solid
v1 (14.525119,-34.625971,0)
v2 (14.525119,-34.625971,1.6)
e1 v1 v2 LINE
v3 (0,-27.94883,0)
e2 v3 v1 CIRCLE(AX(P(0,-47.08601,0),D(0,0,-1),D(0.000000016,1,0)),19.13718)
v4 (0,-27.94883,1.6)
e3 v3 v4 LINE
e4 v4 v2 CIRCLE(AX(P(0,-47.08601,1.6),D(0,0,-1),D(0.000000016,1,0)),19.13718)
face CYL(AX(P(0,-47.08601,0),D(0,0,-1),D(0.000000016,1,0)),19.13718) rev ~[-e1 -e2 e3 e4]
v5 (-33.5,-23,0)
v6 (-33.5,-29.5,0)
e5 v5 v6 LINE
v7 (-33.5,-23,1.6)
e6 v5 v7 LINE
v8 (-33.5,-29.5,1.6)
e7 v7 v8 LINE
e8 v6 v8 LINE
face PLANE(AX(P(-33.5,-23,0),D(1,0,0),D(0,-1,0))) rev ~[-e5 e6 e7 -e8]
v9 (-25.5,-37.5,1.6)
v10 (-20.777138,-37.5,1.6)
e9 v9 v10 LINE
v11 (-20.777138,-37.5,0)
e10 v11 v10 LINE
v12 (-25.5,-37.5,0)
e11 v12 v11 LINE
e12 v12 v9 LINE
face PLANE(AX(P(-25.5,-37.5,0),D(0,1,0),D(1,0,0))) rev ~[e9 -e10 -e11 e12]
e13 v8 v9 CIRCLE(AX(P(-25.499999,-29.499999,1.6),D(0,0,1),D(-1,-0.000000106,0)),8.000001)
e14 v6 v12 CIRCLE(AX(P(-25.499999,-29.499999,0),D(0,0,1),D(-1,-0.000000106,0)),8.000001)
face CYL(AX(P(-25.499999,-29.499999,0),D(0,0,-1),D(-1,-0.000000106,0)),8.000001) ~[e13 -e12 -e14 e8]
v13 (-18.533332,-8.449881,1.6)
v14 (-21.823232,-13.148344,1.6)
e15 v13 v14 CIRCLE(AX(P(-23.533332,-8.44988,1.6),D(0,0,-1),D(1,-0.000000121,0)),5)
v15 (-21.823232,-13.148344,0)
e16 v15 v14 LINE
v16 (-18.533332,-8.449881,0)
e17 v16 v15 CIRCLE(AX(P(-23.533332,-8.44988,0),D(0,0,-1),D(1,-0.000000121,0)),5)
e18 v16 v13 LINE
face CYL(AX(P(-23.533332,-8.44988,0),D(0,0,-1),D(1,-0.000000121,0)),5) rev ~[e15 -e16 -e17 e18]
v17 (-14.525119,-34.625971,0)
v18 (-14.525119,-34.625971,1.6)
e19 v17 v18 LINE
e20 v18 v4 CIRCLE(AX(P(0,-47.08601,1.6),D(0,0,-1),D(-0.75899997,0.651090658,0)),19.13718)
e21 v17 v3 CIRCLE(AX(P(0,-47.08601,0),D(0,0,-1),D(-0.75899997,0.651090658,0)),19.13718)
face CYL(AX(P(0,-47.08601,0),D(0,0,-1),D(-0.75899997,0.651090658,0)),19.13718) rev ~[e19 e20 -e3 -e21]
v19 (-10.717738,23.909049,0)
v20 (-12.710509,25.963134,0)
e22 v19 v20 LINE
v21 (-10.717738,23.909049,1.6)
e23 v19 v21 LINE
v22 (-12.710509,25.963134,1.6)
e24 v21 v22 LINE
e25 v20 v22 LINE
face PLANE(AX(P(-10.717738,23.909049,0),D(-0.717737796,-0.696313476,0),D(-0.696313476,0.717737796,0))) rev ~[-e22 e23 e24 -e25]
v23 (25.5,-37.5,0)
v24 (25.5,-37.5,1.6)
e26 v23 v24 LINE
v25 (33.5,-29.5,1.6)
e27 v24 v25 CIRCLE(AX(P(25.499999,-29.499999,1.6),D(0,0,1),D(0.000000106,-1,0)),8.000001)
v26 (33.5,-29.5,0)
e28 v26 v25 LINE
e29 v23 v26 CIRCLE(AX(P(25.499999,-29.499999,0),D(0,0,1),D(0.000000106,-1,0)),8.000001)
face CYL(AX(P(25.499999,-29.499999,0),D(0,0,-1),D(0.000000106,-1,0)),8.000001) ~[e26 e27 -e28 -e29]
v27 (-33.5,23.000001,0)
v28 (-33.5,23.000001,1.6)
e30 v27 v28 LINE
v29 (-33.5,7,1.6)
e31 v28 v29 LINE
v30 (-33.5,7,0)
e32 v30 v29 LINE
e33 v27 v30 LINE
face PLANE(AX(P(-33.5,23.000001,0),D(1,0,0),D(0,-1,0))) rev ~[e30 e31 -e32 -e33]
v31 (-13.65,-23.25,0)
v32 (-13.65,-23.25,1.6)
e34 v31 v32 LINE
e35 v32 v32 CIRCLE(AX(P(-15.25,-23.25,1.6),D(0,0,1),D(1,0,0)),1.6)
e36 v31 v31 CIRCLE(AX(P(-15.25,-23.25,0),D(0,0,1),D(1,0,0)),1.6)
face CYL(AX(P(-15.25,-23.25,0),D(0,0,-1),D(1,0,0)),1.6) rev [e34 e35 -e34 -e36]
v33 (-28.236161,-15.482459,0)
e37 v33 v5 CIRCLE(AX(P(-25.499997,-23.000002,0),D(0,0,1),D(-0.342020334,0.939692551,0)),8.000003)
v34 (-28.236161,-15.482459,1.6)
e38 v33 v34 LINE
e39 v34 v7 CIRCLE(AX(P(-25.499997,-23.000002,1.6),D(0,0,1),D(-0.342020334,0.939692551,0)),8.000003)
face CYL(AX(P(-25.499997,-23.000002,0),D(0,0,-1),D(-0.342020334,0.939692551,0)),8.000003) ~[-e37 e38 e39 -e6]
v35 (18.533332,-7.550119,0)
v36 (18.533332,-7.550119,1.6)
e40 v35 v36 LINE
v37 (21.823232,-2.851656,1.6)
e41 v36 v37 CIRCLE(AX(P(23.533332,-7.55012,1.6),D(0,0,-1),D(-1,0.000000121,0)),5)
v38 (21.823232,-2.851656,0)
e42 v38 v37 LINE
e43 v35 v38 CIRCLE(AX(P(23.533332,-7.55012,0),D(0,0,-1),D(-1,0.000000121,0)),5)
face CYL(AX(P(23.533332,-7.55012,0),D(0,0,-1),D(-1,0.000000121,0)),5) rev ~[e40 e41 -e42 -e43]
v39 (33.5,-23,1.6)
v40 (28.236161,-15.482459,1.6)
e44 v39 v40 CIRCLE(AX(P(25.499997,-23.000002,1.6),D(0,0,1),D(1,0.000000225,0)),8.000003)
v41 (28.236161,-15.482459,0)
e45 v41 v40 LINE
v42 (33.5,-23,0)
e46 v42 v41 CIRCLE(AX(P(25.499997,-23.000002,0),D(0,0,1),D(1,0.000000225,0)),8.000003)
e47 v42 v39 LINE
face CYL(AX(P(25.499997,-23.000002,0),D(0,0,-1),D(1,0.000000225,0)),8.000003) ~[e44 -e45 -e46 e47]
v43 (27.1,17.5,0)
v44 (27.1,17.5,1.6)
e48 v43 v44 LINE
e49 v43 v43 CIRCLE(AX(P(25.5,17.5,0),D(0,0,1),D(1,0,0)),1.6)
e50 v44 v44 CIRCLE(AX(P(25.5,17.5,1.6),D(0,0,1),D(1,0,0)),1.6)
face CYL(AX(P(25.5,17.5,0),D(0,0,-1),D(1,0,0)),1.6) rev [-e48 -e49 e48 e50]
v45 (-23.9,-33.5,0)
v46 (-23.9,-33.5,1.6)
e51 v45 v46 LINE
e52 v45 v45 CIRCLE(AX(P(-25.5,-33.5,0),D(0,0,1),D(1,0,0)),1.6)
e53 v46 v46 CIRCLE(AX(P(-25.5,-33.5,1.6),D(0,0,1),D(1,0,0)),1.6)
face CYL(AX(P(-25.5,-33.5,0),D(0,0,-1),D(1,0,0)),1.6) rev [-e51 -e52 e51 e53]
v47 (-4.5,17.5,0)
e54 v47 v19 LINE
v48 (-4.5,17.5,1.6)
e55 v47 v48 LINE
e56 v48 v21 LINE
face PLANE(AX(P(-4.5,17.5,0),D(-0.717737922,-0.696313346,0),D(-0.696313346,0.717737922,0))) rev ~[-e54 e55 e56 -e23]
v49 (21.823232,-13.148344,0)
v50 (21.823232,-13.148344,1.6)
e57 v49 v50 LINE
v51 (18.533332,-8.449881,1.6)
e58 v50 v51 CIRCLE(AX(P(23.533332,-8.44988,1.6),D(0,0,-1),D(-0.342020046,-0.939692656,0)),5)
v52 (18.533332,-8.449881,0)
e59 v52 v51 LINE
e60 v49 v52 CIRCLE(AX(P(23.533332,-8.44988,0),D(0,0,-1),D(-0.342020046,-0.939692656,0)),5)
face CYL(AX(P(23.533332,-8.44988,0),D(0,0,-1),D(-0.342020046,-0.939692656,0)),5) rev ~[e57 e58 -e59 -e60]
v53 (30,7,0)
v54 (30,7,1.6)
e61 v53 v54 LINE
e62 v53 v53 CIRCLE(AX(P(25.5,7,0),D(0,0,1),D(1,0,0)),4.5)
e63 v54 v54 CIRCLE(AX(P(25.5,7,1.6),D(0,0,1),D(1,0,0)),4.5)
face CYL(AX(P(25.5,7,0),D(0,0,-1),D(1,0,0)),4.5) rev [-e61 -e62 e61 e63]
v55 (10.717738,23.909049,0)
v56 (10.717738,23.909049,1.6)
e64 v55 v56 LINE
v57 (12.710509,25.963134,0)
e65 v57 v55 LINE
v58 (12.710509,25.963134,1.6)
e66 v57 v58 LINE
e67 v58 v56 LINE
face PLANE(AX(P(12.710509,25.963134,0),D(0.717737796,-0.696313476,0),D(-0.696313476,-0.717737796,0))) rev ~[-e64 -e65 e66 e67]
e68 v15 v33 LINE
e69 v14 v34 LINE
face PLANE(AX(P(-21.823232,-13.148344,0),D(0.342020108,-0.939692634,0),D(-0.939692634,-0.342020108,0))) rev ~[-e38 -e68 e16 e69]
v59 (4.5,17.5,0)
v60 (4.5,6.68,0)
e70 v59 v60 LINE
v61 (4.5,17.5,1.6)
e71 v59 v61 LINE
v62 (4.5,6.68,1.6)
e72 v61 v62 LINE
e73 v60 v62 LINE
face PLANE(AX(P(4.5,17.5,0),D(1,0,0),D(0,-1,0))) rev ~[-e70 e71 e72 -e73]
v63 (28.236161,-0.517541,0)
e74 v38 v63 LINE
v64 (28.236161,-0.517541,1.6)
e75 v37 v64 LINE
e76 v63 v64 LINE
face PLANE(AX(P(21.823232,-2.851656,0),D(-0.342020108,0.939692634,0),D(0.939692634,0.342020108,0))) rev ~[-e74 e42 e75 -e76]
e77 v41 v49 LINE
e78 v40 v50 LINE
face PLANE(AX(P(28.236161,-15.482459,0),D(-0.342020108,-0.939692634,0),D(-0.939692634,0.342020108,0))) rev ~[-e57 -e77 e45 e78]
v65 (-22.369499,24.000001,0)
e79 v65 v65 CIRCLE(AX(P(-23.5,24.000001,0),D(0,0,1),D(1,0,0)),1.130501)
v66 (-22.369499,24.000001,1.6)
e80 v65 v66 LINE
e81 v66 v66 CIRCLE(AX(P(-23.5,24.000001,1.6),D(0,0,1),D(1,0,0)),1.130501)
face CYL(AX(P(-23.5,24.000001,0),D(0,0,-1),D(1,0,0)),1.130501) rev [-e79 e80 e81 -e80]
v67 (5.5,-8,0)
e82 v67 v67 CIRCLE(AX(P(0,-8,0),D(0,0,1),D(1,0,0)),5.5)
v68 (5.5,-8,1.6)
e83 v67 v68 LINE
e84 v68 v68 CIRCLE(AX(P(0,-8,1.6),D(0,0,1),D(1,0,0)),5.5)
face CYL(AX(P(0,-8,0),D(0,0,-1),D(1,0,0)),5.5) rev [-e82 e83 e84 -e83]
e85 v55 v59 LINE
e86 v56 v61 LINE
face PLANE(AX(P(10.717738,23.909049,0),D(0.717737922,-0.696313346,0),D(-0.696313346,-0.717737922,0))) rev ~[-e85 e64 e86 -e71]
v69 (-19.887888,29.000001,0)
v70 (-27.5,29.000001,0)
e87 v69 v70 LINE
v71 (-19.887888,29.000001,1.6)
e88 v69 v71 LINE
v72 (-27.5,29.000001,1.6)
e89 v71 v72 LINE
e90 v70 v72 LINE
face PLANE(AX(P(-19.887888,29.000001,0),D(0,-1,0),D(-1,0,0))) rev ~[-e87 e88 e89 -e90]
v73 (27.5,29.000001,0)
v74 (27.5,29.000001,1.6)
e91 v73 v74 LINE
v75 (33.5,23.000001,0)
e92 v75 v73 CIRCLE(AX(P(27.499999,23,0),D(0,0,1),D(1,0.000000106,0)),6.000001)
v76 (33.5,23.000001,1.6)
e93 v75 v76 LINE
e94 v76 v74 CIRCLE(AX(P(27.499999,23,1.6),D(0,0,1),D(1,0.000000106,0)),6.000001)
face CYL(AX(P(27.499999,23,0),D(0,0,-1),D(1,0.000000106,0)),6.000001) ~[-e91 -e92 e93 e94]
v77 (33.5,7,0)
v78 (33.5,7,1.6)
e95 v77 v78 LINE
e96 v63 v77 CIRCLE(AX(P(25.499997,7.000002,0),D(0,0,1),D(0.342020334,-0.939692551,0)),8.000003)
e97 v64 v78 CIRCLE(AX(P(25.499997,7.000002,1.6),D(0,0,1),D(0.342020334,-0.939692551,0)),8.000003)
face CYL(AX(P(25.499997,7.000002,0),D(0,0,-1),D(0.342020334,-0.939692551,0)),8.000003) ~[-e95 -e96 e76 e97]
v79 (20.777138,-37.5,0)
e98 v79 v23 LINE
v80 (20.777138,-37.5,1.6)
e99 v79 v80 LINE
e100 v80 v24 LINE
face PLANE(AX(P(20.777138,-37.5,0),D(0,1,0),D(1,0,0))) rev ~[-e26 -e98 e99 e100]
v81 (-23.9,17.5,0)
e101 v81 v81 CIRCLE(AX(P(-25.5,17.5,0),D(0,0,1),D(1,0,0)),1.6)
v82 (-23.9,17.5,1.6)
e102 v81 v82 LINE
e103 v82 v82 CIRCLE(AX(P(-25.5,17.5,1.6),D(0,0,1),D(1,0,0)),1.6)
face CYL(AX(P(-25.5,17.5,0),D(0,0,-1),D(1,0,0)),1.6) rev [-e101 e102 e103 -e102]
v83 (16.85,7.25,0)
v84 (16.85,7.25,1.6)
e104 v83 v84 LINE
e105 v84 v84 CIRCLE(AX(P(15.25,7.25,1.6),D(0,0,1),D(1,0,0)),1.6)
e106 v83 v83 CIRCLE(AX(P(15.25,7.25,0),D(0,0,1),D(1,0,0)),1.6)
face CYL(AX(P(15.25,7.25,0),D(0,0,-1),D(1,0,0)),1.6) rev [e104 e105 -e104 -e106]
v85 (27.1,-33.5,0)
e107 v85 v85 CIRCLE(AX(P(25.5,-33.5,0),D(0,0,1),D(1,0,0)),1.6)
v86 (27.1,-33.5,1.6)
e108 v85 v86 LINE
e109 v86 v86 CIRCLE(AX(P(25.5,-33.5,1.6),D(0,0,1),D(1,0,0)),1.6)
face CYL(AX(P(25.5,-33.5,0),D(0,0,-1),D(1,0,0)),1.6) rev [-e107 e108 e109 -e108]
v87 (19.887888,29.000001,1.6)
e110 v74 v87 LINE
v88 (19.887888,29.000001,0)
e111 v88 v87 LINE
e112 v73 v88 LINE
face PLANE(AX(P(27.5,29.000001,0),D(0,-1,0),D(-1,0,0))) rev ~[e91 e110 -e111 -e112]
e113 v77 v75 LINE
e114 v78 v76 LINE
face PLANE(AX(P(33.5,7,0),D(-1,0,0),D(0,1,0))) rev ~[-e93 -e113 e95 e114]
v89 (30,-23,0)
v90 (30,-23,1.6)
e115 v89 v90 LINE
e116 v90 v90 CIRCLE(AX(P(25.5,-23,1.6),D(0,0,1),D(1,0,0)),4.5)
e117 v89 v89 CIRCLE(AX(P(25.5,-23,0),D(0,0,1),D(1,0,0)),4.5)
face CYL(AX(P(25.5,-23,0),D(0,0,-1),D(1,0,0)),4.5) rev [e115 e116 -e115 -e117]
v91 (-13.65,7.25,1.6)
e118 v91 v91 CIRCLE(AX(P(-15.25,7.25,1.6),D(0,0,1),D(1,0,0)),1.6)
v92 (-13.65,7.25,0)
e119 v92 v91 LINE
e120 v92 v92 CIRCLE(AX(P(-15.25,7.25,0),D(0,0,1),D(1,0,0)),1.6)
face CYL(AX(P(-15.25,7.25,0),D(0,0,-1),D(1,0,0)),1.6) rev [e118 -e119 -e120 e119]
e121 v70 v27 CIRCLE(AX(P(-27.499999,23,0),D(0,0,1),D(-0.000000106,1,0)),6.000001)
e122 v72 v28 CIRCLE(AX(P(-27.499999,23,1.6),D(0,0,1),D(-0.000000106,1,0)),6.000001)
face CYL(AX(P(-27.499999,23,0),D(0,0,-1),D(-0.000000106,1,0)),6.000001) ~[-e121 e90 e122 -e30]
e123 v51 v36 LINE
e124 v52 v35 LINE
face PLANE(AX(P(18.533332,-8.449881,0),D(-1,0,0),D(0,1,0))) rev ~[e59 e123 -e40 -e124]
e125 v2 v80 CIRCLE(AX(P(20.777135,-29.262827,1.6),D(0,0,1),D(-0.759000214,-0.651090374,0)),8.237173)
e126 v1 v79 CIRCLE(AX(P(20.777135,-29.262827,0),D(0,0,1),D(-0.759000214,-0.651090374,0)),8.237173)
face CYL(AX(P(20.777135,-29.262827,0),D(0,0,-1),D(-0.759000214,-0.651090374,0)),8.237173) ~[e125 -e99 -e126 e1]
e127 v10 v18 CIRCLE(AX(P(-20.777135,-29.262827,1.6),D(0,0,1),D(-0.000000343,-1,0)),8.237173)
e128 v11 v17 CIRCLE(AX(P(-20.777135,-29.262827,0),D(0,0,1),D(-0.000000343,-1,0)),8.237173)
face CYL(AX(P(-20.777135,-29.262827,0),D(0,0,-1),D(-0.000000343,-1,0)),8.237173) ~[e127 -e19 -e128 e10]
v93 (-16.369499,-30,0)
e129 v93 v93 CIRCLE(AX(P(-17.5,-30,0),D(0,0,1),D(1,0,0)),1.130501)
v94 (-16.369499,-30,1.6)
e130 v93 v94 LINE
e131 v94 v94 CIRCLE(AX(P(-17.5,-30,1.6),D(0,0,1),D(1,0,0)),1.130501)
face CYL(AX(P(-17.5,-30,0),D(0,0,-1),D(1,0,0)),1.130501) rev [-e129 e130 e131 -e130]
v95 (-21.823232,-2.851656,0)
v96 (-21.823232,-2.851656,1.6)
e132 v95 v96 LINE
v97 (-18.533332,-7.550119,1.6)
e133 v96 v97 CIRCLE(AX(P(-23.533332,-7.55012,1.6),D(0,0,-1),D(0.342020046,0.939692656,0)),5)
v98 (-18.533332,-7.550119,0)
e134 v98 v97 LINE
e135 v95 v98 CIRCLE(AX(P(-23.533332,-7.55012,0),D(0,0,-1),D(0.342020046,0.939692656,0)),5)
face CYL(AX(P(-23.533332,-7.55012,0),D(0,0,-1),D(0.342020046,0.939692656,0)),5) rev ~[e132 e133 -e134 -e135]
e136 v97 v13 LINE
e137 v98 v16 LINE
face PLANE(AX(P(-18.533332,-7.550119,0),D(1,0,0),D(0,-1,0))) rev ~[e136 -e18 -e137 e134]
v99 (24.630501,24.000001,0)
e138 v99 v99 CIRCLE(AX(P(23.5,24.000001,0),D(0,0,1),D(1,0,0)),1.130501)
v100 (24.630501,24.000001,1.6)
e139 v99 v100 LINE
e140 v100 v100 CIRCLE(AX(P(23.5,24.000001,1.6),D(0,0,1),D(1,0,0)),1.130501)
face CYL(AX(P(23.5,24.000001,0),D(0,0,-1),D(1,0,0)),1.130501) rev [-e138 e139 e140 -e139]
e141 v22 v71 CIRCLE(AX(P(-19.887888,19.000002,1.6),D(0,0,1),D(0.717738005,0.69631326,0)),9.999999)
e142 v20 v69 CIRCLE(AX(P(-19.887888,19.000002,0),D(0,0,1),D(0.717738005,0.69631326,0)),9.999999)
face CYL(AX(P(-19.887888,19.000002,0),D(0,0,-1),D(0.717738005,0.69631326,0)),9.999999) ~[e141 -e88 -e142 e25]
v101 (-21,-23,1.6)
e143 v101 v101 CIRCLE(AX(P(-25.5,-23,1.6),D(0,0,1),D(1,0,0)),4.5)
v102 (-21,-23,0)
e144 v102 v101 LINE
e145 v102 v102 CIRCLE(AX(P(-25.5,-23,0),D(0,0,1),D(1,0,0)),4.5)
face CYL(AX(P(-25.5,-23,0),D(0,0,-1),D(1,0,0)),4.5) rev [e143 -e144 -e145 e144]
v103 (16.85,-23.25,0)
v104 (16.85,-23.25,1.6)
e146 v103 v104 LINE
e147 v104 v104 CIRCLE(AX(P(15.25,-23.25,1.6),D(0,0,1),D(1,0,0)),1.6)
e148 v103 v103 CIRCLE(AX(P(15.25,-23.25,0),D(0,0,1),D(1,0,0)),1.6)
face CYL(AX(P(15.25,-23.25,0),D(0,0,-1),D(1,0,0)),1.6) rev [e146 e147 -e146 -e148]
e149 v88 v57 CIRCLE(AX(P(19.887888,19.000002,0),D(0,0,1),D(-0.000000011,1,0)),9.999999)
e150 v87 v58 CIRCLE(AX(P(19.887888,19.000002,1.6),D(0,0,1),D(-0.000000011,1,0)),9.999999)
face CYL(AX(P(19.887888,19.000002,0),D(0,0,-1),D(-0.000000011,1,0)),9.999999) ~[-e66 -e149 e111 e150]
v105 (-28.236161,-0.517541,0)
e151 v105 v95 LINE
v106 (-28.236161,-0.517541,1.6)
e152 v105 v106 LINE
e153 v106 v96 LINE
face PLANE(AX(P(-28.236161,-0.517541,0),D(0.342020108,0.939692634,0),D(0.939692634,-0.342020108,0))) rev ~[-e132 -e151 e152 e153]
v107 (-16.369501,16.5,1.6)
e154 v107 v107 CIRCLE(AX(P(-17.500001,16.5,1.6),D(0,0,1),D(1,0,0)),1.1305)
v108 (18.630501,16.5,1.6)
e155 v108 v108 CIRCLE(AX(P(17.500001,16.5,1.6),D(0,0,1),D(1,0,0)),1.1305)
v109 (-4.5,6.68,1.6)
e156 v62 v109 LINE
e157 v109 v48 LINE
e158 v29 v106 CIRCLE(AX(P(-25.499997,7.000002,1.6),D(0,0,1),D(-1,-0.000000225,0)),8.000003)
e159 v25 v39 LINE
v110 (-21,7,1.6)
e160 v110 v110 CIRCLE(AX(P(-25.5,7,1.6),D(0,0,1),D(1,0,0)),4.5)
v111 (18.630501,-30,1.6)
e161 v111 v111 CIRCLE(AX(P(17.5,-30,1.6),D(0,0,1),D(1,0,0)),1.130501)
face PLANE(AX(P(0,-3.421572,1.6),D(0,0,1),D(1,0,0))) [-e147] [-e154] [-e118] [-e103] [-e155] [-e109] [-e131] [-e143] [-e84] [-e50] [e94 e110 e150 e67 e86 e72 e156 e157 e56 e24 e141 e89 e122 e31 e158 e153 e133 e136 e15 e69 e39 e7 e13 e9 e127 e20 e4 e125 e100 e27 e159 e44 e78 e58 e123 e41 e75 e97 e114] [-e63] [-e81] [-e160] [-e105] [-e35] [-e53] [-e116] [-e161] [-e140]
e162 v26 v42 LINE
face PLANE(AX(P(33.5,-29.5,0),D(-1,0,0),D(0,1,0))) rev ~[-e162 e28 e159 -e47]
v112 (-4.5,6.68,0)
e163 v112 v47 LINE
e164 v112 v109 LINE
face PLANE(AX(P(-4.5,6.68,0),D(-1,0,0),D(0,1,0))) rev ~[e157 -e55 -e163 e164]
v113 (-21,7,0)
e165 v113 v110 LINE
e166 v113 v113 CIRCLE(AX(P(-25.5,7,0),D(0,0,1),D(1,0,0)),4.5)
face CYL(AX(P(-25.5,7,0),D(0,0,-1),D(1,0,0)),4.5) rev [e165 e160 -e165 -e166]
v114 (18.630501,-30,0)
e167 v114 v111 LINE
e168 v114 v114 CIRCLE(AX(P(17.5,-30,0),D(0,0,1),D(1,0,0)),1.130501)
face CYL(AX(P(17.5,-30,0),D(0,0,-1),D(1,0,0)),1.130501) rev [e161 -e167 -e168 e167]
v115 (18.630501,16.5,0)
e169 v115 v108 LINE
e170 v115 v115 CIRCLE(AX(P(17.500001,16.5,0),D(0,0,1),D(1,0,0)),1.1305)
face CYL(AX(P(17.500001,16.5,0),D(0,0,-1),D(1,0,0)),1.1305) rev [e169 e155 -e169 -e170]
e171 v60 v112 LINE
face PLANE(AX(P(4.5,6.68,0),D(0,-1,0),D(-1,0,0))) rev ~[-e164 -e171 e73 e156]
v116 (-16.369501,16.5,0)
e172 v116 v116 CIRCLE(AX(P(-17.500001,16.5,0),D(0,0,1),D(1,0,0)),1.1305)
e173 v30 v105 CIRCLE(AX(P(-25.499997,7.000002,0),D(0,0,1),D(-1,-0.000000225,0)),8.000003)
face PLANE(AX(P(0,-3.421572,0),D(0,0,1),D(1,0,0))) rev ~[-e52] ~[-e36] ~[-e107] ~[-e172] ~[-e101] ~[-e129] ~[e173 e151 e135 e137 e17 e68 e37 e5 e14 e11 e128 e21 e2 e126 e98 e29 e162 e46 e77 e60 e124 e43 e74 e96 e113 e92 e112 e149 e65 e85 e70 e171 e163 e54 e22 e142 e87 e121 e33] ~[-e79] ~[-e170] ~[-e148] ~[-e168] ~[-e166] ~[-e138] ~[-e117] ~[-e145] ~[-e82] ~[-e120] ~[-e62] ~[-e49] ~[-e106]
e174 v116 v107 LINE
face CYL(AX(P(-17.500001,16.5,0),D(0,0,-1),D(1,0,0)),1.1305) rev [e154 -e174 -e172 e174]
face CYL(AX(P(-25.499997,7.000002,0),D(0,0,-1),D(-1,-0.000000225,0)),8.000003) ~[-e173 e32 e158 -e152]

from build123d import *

# Parameters (mm, degrees)
F0_R     = 1.6
F0_R_2   = 1.130501
F0_R_3   = 4.5
F0_R_4   = 5.5
F0_R_5   = 1.1305
F1_DEPTH = 1.6


with BuildPart() as f1:
    # F0 (on Top) → F1 (new body)
    with BuildSketch(Plane.XY):
        with BuildLine():
            Line((0, 6.68), (-4.5, 6.68))
            Line((-4.5, 6.68), (-4.5, 17.5))
            Line((-4.5, 17.5), (-10.717738, 23.909049))
            Line((-10.717738, 23.909049), (-12.710509, 25.963134))
            ThreePointArc((-12.710509, 25.963134), (-15.99118, 28.209543), (-19.887888, 29.000001))
            Line((-19.887888, 29.000001), (-27.5, 29.000001))
            ThreePointArc((-27.5, 29.000001), (-31.742641, 27.242641), (-33.5, 23.000001))
            Line((-33.5, 23.000001), (-33.5, 7))
            ThreePointArc((-33.5, 7), (-32.053216, 2.411389), (-28.236161, -0.517541))
            Line((-28.236161, -0.517541), (-21.823232, -2.851656))
            ThreePointArc((-21.823232, -2.851656), (-19.437572, -4.682237), (-18.533332, -7.550119))
            Line((-18.533332, -7.550119), (-18.533332, -8))
            Line((-18.533332, -8), (-18.533332, -8.449881))
            ThreePointArc((-18.533332, -8.449881), (-19.437572, -11.317763), (-21.823232, -13.148344))
            Line((-21.823232, -13.148344), (-28.236161, -15.482459))
            ThreePointArc((-28.236161, -15.482459), (-32.053216, -18.411389), (-33.5, -23))
            Line((-33.5, -23), (-33.5, -29.5))
            ThreePointArc((-33.5, -29.5), (-31.156854, -35.156854), (-25.5, -37.5))
            Line((-25.5, -37.5), (-20.777138, -37.5))
            ThreePointArc((-20.777138, -37.5), (-17.336651, -36.747083), (-14.525119, -34.625971))
            ThreePointArc((-14.525119, -34.625971), (-7.993173, -29.698059), (0, -27.94883))
            ThreePointArc((0, -27.94883), (7.993173, -29.698059), (14.525119, -34.625971))
            ThreePointArc((14.525119, -34.625971), (17.336651, -36.747083), (20.777138, -37.5))
            Line((20.777138, -37.5), (25.5, -37.5))
            ThreePointArc((25.5, -37.5), (31.156854, -35.156854), (33.5, -29.5))
            Line((33.5, -29.5), (33.5, -23))
            ThreePointArc((33.5, -23), (32.053216, -18.411389), (28.236161, -15.482459))
            Line((28.236161, -15.482459), (21.823232, -13.148344))
            ThreePointArc((21.823232, -13.148344), (19.437572, -11.317763), (18.533332, -8.449881))
            Line((18.533332, -8.449881), (18.533332, -8))
            Line((18.533332, -8), (18.533332, -7.550119))
            ThreePointArc((18.533332, -7.550119), (19.437572, -4.682237), (21.823232, -2.851656))
            Line((21.823232, -2.851656), (28.236161, -0.517541))
            ThreePointArc((28.236161, -0.517541), (32.053216, 2.411389), (33.5, 7))
            Line((33.5, 7), (33.5, 23.000001))
            ThreePointArc((33.5, 23.000001), (31.742641, 27.242641), (27.5, 29.000001))
            Line((27.5, 29.000001), (19.887888, 29.000001))
            ThreePointArc((19.887888, 29.000001), (15.99118, 28.209543), (12.710509, 25.963134))
            Line((12.710509, 25.963134), (10.717738, 23.909049))
            Line((10.717738, 23.909049), (4.5, 17.5))
            Line((4.5, 17.5), (4.5, 6.68))
            Line((4.5, 6.68), (0, 6.68))
        make_face()
        with Locations((-25.5, -33.5)):
            Circle(F0_R, mode=Mode.SUBTRACT)
        with Locations((-17.5, -30)):
            Circle(F0_R_2, mode=Mode.SUBTRACT)
        with Locations((-25.5, -23)):
            Circle(F0_R_3, mode=Mode.SUBTRACT)
        with Locations((-15.25, -23.25)):
            Circle(F0_R, mode=Mode.SUBTRACT)
        with Locations((15.25, -23.25)):
            Circle(F0_R, mode=Mode.SUBTRACT)
        with Locations((17.5, -30)):
            Circle(F0_R_2, mode=Mode.SUBTRACT)
        with Locations((25.5, -33.5)):
            Circle(F0_R, mode=Mode.SUBTRACT)
        with Locations((25.5, -23)):
            Circle(F0_R_3, mode=Mode.SUBTRACT)
        with Locations((0, -8)):
            Circle(F0_R_4, mode=Mode.SUBTRACT)
        with Locations((-25.5, 7)):
            Circle(F0_R_3, mode=Mode.SUBTRACT)
        with Locations((-15.25, 7.25)):
            Circle(F0_R, mode=Mode.SUBTRACT)
        with Locations((-25.5, 17.5)):
            Circle(F0_R, mode=Mode.SUBTRACT)
        with Locations((-17.500001, 16.5)):
            Circle(F0_R_5, mode=Mode.SUBTRACT)
        with Locations((-23.5, 24.000001)):
            Circle(F0_R_2, mode=Mode.SUBTRACT)
        with Locations((15.25, 7.25)):
            Circle(F0_R, mode=Mode.SUBTRACT)
        with Locations((25.5, 7)):
            Circle(F0_R_3, mode=Mode.SUBTRACT)
        with Locations((17.500001, 16.5)):
            Circle(F0_R_5, mode=Mode.SUBTRACT)
        with Locations((25.5, 17.5)):
            Circle(F0_R, mode=Mode.SUBTRACT)
        with Locations((23.5, 24.000001)):
            Circle(F0_R_2, mode=Mode.SUBTRACT)
    extrude(amount=F1_DEPTH)


solid = f1.part
